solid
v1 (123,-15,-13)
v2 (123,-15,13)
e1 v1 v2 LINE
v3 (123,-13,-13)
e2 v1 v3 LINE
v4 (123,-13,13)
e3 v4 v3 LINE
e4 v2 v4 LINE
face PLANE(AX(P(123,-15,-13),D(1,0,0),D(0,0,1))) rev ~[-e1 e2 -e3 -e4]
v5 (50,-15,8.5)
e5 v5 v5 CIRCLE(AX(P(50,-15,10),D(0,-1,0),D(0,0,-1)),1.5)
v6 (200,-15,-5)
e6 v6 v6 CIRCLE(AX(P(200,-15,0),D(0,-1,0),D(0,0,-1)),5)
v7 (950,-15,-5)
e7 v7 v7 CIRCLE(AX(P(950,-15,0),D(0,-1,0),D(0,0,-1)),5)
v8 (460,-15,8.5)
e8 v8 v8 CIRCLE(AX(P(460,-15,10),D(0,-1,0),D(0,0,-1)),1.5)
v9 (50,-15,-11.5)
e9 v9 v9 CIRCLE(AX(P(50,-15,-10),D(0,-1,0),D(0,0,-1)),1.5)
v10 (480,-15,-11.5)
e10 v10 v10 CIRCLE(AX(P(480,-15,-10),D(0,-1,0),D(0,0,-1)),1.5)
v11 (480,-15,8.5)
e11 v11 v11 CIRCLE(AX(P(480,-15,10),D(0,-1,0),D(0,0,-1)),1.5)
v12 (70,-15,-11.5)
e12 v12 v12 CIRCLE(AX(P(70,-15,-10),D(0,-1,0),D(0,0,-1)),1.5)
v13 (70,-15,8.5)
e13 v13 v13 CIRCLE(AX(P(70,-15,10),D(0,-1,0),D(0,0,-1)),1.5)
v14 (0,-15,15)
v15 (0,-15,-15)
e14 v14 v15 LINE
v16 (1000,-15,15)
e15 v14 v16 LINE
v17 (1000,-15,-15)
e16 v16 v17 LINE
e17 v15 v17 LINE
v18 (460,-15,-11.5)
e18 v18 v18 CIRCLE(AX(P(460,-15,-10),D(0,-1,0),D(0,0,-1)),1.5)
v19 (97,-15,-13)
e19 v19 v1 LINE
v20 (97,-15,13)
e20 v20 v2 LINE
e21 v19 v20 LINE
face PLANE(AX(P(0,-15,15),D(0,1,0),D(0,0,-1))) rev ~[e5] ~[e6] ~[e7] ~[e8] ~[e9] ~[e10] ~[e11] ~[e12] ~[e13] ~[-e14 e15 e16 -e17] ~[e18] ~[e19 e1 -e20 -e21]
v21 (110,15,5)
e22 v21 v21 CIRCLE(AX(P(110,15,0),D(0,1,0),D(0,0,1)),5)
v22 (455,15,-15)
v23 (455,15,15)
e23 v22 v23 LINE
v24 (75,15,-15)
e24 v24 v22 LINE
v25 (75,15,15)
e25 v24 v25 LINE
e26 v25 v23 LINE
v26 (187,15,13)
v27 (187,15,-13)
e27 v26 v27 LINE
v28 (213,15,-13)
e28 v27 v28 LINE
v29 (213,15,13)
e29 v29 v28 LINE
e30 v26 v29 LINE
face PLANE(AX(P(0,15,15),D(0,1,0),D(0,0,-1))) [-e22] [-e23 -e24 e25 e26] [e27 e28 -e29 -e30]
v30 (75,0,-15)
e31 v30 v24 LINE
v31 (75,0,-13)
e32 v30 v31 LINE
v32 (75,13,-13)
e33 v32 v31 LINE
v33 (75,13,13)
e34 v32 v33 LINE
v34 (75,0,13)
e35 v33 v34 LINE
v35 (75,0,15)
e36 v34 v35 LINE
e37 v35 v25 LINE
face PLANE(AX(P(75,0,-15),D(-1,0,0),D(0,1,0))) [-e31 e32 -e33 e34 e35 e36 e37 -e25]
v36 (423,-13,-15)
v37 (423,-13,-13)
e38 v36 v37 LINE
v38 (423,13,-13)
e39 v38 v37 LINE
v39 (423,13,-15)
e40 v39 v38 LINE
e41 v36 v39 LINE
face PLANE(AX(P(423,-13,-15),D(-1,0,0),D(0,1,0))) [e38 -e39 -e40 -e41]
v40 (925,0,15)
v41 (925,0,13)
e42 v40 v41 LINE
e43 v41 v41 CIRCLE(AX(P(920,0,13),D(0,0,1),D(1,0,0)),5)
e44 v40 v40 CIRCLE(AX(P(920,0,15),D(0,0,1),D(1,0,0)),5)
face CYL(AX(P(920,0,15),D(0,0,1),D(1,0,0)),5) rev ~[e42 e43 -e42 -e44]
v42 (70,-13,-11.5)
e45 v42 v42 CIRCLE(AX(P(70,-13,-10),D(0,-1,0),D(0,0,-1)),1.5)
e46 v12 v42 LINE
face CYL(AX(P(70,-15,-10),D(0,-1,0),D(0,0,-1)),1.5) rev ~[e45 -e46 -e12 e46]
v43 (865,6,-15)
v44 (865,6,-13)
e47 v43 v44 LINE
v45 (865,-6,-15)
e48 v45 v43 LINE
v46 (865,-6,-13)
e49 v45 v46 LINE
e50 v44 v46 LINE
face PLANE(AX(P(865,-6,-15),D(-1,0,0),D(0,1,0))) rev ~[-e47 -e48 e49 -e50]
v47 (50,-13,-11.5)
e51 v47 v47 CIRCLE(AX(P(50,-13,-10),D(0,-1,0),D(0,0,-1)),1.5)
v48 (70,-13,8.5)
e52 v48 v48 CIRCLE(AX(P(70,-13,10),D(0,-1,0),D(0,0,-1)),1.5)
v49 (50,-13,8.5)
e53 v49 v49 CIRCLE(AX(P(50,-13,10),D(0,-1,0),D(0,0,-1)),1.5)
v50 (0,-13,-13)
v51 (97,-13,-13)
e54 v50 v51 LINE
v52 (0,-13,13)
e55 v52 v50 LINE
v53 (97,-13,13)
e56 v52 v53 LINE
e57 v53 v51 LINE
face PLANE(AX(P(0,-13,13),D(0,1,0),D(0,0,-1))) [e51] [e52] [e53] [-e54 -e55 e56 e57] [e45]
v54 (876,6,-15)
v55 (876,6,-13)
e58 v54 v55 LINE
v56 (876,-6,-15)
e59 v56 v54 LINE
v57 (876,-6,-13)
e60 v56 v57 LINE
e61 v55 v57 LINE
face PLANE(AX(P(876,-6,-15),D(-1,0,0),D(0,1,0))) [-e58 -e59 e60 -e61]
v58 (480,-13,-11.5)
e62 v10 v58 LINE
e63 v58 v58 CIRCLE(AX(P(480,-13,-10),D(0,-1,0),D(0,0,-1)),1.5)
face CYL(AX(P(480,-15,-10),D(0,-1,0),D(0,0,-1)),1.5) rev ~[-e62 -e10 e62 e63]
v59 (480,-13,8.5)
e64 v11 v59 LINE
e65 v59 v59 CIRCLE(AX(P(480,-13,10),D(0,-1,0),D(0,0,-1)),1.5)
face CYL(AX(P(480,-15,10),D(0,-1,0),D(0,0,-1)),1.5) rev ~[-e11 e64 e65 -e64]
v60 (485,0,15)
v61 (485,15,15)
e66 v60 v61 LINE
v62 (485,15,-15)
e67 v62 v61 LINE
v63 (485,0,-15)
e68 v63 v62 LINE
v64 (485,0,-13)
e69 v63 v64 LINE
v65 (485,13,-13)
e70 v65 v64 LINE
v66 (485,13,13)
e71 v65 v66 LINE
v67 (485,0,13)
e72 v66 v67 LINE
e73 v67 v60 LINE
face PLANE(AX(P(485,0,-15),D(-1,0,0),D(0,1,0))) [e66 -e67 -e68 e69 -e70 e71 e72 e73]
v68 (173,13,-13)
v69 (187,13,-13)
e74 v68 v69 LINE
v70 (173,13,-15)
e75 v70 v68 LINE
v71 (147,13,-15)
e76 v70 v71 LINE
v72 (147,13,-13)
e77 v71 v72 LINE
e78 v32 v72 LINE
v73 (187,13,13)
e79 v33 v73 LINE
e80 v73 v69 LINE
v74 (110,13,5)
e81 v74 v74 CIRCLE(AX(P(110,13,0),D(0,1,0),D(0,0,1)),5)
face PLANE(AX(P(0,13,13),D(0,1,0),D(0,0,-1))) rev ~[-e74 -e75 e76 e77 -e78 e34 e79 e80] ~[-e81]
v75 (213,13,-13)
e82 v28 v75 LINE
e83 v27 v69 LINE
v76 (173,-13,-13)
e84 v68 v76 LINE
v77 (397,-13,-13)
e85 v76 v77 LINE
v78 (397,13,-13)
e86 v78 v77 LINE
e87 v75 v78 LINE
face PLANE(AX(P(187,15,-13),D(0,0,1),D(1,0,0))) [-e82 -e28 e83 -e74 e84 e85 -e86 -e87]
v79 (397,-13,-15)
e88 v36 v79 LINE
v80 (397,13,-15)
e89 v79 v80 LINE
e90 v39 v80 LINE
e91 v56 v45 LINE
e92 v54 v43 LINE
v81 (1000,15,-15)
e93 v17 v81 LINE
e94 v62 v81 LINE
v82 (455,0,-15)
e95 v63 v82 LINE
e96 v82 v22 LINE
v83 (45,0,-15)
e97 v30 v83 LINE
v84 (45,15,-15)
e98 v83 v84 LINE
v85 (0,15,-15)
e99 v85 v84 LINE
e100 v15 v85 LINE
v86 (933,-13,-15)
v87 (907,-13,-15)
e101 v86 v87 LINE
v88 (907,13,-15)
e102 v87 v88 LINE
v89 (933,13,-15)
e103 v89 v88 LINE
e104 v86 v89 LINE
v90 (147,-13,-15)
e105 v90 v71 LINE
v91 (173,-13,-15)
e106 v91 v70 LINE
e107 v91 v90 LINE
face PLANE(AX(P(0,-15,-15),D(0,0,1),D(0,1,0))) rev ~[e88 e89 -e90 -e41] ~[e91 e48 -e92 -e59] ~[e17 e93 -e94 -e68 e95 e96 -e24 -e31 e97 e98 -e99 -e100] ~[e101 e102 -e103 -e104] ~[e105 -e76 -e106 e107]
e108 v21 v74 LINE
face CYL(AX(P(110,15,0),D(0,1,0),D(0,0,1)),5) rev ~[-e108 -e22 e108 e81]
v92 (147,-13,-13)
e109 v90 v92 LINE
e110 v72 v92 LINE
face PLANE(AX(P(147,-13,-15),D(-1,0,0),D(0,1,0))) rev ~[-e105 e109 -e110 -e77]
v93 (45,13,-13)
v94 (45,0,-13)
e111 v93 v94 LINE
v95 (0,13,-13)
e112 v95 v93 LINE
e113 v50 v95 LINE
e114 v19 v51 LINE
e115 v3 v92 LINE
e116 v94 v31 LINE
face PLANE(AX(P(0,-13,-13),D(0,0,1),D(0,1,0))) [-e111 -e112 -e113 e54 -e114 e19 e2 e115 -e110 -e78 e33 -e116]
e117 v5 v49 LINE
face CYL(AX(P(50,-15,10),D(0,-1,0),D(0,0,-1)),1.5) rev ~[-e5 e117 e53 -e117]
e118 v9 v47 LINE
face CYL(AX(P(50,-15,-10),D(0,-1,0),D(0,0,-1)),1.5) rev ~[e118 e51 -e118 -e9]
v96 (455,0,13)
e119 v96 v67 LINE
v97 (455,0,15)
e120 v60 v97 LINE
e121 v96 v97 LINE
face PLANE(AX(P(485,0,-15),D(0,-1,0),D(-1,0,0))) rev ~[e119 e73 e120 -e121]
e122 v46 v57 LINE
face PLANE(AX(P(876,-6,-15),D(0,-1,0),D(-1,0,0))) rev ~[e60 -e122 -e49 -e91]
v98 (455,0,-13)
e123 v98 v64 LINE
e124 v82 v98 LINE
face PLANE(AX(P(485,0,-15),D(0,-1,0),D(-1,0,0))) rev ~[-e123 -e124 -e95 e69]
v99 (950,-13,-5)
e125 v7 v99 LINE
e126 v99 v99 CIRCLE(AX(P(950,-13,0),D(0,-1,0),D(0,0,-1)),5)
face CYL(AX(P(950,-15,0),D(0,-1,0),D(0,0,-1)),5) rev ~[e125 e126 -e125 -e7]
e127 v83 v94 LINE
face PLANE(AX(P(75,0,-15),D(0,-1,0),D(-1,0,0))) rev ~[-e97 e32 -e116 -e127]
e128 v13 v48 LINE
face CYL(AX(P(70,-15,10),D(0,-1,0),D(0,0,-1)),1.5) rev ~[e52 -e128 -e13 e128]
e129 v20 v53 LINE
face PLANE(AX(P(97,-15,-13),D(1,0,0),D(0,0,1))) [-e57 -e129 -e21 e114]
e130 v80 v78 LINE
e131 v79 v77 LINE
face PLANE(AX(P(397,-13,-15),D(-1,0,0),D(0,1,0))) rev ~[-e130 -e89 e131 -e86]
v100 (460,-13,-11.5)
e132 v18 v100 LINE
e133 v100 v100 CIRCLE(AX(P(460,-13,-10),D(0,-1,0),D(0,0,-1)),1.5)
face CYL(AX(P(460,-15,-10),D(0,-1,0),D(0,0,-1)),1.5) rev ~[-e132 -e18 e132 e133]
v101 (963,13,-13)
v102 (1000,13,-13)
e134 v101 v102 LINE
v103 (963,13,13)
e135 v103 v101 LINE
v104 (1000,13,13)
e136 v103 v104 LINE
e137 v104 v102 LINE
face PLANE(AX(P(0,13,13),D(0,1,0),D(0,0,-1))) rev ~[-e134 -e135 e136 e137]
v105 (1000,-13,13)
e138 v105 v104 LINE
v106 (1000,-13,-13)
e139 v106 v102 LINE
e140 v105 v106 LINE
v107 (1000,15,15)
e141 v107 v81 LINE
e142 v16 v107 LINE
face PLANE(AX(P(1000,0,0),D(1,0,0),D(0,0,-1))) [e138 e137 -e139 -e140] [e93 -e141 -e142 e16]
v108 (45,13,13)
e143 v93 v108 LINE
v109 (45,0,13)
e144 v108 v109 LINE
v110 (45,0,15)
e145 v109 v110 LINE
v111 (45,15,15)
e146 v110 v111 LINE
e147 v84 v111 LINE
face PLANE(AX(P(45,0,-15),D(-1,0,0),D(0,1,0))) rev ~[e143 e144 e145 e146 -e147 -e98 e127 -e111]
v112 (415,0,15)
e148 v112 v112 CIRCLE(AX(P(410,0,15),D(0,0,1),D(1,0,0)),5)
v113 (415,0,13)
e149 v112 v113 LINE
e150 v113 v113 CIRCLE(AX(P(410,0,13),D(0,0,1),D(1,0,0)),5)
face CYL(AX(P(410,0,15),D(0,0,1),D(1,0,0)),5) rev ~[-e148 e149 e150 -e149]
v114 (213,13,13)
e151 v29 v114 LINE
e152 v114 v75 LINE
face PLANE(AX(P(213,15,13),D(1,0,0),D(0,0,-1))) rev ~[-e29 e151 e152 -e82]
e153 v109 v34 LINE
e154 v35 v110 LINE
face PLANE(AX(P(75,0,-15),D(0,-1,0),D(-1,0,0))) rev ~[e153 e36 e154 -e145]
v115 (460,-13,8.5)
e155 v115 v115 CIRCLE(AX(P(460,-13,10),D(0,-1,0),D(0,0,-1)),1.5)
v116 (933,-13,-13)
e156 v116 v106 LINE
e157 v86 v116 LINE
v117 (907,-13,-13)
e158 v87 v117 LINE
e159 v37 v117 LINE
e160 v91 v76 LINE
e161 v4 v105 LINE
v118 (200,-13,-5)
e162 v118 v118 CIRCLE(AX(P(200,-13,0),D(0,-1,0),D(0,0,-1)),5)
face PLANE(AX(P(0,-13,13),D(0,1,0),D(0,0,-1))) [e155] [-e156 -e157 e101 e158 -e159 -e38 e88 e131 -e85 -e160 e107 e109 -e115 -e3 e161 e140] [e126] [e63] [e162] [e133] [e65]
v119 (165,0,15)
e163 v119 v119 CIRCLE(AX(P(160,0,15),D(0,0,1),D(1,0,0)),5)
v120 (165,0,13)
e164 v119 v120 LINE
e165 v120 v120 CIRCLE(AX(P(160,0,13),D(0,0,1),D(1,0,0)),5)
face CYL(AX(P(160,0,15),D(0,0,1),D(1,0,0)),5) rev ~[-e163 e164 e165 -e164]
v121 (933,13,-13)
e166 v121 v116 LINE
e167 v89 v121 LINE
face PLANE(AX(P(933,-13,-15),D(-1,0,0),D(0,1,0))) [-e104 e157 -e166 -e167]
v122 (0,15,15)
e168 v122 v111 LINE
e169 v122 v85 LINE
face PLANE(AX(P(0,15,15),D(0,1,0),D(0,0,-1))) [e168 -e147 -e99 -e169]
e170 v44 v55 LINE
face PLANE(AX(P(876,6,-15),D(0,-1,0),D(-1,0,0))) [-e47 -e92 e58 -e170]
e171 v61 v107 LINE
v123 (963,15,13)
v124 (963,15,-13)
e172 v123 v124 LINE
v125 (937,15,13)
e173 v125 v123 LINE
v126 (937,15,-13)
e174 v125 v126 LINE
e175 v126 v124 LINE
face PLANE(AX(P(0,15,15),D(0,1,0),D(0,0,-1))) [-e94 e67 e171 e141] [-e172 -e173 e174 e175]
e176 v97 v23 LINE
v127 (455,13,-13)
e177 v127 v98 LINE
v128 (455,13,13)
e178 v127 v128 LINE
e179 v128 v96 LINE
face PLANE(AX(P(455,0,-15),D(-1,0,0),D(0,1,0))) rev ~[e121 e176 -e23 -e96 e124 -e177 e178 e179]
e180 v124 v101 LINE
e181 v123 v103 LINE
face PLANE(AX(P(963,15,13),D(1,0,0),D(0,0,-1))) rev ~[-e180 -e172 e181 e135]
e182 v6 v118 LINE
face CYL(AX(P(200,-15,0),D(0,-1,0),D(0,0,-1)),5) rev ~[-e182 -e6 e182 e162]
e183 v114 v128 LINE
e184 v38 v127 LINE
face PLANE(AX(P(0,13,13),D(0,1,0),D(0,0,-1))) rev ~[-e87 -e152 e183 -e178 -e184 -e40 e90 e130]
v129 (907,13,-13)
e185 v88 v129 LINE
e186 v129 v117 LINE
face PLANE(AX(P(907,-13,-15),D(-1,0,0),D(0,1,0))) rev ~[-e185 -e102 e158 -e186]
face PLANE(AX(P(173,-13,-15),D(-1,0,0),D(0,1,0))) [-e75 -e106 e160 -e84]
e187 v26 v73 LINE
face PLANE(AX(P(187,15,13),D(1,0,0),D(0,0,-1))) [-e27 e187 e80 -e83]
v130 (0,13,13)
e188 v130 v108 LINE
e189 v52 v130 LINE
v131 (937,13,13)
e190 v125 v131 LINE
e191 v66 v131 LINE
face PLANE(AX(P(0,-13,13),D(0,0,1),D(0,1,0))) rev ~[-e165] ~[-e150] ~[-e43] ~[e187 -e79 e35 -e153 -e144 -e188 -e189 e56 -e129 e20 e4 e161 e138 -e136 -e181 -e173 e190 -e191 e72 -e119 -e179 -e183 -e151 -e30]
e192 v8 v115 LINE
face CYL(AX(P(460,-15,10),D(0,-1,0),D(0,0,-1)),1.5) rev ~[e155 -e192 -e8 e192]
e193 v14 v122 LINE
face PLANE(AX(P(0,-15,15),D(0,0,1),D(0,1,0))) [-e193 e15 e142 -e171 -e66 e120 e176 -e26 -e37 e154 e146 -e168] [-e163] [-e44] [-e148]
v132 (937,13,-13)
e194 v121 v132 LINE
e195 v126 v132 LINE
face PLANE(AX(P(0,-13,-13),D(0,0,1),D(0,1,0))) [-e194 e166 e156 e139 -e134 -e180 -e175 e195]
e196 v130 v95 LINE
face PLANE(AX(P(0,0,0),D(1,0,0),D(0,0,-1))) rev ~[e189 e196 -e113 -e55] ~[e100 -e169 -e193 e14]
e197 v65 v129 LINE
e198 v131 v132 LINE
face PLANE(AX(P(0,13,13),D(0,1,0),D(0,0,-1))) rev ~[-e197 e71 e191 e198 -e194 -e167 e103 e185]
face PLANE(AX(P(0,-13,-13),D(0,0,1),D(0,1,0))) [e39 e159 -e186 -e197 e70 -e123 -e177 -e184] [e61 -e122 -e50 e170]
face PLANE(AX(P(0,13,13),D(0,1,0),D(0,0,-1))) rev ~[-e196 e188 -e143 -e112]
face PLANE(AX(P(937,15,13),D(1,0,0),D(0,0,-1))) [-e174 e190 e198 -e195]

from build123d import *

# Parameters (mm, degrees)
SKETCH_2_W          = 30
SKETCH_2_H          = 30
SKETCH_2_W_2        = 26
SKETCH_2_H_2        = 26
EXTRUDE_2_DEPTH     = 1000
SKETCH_3_W          = 30
SKETCH_3_H          = 15
CUT_EXTRUDE_1_DEPTH = 30
SKETCH_4_W          = 26
SKETCH_4_H          = 26
SKETCH_4_W_2        = 11
SKETCH_4_H_2        = 12
CUT_EXTRUDE_2_DEPTH = 15
SKETCH_5_R          = 5
CUT_EXTRUDE_3_DEPTH = 15
SKETCH_6_R          = 1.5
CUT_EXTRUDE_4_DEPTH = 15
SKETCH_8_R          = 5
SKETCH_8_W          = 26
SKETCH_8_H          = 26
CUT_EXTRUDE_5_DEPTH = 15
SKETCH_9_R          = 5
SKETCH_9_W          = 26
SKETCH_9_H          = 26
CUT_EXTRUDE_6_DEPTH = 15


with BuildPart() as part:
    # 草图2 → 凸台-拉伸2 (new body)
    with BuildSketch(Plane(origin=(0, 0, 0), x_dir=(0, 0, -1), z_dir=(1, 0, 0))):
        Rectangle(SKETCH_2_W, SKETCH_2_H)
        Rectangle(SKETCH_2_W_2, SKETCH_2_H_2, mode=Mode.SUBTRACT)
    extrude(amount=EXTRUDE_2_DEPTH)

    # 草图3 → 切除-拉伸1 (cut)
    with BuildSketch(Plane(origin=(0, 0, -15), x_dir=(-1, 0, 0), z_dir=(0, 0, -1))):
        with Locations((-470, 7.5)):
            Rectangle(SKETCH_3_W, SKETCH_3_H)
        with Locations((-60, 7.5)):
            Rectangle(SKETCH_3_W, SKETCH_3_H)
    extrude(amount=-CUT_EXTRUDE_1_DEPTH, mode=Mode.SUBTRACT)

    # 草图4 → 切除-拉伸2 (cut)
    with BuildSketch(Plane(origin=(0, 0, -15), x_dir=(-1, 0, 0), z_dir=(0, 0, -1))):
        with Locations((-920, 0)):
            Rectangle(SKETCH_4_W, SKETCH_4_H)
        with Locations((-410, 0)):
            Rectangle(SKETCH_4_W, SKETCH_4_H)
        with Locations((-160, 0)):
            Rectangle(SKETCH_4_W, SKETCH_4_H)
        with Locations((-870.5, 0)):
            Rectangle(SKETCH_4_W_2, SKETCH_4_H_2)
    extrude(amount=-CUT_EXTRUDE_2_DEPTH, mode=Mode.SUBTRACT)

    # 草图5 → 切除-拉伸3 (cut)
    with BuildSketch(Plane.XY.offset(15)):
        with Locations((160, 0)):
            Circle(SKETCH_5_R)
        with Locations((410, 0)):
            Circle(SKETCH_5_R)
        with Locations((920, 0)):
            Circle(SKETCH_5_R)
    extrude(amount=-CUT_EXTRUDE_3_DEPTH, mode=Mode.SUBTRACT)

    # 草图6 → 切除-拉伸4 (cut)
    with BuildSketch(Plane.XZ.offset(15)):
        with Locations(Location((50, 10, 0), (0, 0, 270))):
            Circle(SKETCH_6_R)
        with Locations(Location((70, 10, 0), (0, 0, 270))):
            Circle(SKETCH_6_R)
        with Locations(Location((50, -10, 0), (0, 0, 270))):
            Circle(SKETCH_6_R)
        with Locations(Location((70, -10, 0), (0, 0, 270))):
            Circle(SKETCH_6_R)
        with Locations(Location((460, 10, 0), (0, 0, 270))):
            Circle(SKETCH_6_R)
        with Locations(Location((480, 10, 0), (0, 0, 270))):
            Circle(SKETCH_6_R)
        with Locations(Location((460, -10, 0), (0, 0, 270))):
            Circle(SKETCH_6_R)
        with Locations(Location((480, -10, 0), (0, 0, 270))):
            Circle(SKETCH_6_R)
    extrude(amount=-CUT_EXTRUDE_4_DEPTH, mode=Mode.SUBTRACT)

    # 草图8 → 切除-拉伸5 (cut)
    with BuildSketch(Plane(origin=(0, 15, 0), x_dir=(1, 0, 0), z_dir=(0, 1, 0))):
        with Locations(Location((110, 0, 0), (0, 0, 270))):
            Circle(SKETCH_8_R)
        with Locations((950, 0)):
            Rectangle(SKETCH_8_W, SKETCH_8_H)
        with Locations((200, 0)):
            Rectangle(SKETCH_8_W, SKETCH_8_H)
    extrude(amount=-CUT_EXTRUDE_5_DEPTH, mode=Mode.SUBTRACT)

    # 草图9 → 切除-拉伸6 (cut)
    with BuildSketch(Plane.XZ.offset(15)):
        with Locations(Location((950, 0, 0), (0, 0, 270))):
            Circle(SKETCH_9_R)
        with Locations(Location((200, 0, 0), (0, 0, 270))):
            Circle(SKETCH_9_R)
        with Locations((110, 0)):
            Rectangle(SKETCH_9_W, SKETCH_9_H)
    extrude(amount=-CUT_EXTRUDE_6_DEPTH, mode=Mode.SUBTRACT)


solid = part.part
